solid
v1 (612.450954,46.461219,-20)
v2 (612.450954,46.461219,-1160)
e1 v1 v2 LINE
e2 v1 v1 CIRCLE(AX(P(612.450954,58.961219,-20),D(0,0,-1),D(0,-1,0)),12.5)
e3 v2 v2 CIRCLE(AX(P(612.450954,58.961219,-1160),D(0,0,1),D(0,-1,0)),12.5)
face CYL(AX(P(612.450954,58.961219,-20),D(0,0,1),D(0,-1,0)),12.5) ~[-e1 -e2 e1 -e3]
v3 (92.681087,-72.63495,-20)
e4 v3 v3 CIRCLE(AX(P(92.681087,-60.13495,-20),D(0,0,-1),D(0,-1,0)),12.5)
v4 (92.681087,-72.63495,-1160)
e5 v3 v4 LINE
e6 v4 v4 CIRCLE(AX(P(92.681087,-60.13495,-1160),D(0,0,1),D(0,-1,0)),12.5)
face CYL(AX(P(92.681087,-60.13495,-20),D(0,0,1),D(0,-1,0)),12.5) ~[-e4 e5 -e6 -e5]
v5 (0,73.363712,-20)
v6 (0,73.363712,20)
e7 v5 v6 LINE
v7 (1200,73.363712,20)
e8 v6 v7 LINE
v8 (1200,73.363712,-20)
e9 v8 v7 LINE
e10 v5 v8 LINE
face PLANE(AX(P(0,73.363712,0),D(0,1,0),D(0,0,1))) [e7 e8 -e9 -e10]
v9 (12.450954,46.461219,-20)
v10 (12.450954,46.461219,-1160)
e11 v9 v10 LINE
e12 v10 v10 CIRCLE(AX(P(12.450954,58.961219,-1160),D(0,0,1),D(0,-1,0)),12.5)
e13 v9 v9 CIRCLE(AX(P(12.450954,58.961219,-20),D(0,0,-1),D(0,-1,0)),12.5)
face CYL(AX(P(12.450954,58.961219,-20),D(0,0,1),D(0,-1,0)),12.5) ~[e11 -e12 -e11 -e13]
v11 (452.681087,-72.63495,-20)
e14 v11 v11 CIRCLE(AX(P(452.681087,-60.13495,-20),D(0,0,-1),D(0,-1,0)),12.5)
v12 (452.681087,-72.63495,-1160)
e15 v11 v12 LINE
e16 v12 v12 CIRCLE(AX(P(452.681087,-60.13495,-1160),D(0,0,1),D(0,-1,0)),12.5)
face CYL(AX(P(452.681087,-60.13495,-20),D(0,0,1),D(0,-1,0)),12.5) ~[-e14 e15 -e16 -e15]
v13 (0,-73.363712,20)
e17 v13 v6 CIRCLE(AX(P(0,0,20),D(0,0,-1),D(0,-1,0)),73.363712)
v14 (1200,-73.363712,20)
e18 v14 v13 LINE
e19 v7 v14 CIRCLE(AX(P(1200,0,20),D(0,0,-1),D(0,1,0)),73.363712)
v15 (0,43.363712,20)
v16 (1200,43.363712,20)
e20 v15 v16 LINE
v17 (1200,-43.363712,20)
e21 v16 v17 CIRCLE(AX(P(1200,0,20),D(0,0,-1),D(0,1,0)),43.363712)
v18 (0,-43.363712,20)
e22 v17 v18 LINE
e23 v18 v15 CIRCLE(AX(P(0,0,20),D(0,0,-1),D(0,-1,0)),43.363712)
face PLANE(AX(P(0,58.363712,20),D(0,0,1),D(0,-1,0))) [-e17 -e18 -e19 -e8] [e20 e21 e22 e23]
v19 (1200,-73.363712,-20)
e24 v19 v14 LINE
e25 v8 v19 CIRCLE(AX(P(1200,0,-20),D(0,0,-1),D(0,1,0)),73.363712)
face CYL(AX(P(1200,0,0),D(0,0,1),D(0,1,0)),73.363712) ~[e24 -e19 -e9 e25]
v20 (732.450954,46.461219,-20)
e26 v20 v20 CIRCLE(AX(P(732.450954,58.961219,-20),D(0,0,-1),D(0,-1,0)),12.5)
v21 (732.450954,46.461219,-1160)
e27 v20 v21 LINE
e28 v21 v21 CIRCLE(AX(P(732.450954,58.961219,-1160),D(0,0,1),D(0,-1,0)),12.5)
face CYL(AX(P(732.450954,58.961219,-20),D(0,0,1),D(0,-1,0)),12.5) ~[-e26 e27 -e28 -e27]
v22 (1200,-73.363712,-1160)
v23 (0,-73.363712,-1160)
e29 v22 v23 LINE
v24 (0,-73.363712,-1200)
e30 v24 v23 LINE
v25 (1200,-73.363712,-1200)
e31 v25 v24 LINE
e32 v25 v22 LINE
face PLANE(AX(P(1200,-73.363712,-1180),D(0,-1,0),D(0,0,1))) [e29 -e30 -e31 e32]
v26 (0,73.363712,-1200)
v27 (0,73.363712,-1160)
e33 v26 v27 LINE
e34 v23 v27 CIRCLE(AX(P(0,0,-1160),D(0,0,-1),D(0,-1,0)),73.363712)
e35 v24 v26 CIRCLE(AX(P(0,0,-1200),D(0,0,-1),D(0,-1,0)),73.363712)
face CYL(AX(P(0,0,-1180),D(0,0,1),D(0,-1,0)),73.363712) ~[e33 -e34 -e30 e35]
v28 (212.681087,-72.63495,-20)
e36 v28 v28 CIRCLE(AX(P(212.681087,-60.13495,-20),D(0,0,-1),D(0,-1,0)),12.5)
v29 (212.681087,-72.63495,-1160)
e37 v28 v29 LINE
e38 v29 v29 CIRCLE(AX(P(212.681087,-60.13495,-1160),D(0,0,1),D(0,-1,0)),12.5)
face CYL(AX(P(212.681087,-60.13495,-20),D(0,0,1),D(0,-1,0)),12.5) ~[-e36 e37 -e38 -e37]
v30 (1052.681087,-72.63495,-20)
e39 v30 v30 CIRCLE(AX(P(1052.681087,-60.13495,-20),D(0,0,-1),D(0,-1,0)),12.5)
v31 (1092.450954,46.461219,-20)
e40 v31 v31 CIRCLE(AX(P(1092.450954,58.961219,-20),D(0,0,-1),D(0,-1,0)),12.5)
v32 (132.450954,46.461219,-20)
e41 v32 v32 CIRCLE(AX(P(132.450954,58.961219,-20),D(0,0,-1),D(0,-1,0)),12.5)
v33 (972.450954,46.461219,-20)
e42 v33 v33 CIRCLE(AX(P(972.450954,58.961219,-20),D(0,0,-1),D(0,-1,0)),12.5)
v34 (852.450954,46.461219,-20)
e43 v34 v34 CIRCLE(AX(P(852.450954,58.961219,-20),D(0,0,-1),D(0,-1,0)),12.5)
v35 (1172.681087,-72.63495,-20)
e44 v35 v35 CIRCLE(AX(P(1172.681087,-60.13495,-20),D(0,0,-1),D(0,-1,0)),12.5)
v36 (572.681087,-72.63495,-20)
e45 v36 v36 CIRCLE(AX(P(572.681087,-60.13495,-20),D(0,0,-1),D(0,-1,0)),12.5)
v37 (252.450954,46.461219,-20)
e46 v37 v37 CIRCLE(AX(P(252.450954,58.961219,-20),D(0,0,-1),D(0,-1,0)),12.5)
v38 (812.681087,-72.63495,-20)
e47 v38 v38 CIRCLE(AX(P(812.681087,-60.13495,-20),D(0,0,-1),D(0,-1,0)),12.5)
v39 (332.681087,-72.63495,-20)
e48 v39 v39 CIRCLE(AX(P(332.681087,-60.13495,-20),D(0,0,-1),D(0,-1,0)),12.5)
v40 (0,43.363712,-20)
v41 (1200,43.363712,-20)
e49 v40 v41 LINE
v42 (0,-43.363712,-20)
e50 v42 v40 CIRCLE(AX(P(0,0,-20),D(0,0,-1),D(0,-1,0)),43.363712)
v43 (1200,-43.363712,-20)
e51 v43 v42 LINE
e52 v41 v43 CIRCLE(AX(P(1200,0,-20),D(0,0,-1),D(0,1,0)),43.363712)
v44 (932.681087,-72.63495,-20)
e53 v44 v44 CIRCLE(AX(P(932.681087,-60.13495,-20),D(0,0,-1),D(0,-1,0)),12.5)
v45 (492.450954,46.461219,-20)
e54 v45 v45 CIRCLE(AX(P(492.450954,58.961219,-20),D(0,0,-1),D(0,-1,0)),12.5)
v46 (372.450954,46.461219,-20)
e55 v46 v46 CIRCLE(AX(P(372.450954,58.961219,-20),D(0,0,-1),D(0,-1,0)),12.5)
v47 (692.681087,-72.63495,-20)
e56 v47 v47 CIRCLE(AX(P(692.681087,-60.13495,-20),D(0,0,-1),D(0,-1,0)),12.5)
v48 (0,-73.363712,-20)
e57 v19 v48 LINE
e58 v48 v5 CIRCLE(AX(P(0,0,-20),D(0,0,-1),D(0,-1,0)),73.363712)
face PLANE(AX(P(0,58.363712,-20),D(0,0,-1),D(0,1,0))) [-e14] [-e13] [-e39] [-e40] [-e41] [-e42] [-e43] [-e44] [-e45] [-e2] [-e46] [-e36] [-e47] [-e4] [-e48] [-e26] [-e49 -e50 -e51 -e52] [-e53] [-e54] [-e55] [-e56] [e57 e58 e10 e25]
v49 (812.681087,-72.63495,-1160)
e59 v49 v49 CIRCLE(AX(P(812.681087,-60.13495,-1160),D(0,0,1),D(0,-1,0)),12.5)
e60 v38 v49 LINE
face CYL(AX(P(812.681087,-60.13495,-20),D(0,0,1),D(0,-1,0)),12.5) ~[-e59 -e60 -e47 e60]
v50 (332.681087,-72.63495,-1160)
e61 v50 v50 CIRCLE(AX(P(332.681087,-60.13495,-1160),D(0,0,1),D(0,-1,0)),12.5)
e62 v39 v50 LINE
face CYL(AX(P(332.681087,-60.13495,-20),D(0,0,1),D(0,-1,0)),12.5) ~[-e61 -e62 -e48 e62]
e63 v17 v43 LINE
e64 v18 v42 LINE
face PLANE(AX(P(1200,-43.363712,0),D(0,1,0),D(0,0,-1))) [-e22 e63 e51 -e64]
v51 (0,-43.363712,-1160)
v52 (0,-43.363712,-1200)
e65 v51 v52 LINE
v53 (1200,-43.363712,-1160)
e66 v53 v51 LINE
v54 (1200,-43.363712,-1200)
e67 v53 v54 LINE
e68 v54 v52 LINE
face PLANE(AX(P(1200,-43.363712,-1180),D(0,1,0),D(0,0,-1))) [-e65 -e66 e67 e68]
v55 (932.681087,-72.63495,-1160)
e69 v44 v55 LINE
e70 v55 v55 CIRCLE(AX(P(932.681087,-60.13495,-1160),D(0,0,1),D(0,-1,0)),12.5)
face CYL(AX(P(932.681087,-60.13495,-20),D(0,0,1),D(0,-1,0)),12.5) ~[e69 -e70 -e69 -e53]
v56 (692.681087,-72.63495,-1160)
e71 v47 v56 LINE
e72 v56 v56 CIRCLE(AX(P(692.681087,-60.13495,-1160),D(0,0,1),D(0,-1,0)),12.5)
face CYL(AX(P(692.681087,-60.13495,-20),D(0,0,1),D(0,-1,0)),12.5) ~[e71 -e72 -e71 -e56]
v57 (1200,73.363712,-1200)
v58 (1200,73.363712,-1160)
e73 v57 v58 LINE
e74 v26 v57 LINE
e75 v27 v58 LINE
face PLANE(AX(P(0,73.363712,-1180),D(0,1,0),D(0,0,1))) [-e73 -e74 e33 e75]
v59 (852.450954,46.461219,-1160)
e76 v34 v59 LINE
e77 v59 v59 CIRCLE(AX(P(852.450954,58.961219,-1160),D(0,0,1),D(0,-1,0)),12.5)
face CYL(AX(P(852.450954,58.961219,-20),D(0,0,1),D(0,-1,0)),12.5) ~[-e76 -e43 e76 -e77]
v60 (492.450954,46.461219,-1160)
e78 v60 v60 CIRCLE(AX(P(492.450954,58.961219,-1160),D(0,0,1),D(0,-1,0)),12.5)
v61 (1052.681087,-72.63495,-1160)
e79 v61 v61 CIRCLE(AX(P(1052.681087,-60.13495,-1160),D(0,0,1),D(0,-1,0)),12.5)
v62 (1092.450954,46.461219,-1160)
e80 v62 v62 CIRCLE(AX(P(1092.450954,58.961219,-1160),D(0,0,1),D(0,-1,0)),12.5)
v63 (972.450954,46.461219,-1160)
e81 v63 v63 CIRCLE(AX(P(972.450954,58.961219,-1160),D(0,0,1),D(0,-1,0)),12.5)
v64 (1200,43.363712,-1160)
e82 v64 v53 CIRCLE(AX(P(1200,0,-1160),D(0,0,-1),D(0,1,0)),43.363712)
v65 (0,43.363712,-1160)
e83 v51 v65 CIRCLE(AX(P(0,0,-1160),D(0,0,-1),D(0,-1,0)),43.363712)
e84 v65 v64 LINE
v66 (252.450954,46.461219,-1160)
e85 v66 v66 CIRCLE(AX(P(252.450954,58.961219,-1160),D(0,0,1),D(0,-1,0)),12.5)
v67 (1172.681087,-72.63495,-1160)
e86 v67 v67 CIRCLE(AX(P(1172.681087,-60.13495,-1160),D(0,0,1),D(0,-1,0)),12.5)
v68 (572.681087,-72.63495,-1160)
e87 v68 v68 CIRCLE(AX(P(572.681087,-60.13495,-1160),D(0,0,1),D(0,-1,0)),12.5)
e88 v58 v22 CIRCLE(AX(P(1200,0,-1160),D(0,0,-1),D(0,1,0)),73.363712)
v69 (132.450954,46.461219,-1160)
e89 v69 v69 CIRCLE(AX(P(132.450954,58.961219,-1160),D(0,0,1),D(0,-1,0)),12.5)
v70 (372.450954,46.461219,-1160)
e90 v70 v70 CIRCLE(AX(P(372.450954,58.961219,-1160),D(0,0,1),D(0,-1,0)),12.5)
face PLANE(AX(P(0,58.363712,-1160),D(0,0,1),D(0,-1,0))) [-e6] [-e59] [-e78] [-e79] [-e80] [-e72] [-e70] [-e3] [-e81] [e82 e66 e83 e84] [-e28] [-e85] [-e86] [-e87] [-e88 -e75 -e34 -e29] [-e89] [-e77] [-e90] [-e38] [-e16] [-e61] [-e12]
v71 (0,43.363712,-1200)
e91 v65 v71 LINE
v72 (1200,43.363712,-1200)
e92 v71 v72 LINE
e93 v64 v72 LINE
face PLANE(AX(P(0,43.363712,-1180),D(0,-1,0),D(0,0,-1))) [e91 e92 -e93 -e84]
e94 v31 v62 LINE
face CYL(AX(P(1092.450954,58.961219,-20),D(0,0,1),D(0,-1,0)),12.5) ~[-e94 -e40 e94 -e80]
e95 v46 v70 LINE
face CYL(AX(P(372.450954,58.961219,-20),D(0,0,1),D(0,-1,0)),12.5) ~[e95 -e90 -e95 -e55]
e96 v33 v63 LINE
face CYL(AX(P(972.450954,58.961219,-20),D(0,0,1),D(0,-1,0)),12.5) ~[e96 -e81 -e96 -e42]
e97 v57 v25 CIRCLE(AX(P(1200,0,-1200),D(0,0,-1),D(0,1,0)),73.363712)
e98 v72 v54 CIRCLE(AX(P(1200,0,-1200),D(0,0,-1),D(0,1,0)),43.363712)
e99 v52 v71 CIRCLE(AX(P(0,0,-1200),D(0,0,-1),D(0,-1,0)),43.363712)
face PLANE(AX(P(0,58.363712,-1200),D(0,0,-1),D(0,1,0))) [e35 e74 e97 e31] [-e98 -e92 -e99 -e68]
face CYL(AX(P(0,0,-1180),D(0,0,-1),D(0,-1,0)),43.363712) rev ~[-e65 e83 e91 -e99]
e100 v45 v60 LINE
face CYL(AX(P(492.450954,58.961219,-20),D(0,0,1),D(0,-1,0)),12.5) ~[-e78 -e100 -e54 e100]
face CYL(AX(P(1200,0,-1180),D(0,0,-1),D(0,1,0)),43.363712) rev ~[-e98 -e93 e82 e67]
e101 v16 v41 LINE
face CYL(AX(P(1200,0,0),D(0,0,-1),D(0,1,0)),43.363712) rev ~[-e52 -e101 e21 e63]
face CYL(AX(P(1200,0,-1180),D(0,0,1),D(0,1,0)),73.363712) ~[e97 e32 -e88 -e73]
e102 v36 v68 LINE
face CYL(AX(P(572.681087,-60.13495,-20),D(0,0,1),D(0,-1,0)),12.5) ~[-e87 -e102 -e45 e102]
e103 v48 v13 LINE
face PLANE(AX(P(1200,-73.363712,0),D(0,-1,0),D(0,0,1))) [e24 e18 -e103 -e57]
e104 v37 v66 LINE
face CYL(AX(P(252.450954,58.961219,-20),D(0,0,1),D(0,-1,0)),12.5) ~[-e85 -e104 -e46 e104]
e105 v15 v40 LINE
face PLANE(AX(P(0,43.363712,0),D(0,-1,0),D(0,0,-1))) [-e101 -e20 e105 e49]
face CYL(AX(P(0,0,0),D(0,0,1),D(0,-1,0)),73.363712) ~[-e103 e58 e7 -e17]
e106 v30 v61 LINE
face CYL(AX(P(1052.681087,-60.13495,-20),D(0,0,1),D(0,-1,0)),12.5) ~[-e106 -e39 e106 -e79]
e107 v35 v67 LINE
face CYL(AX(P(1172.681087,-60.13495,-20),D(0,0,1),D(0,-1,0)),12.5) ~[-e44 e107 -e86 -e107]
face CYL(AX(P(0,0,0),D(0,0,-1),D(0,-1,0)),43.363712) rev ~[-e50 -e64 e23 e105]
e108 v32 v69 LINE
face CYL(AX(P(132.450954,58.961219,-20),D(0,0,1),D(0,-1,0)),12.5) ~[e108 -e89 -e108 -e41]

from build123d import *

# Parameters (mm, degrees)
SKETCH3_W           = 40
SKETCH3_H           = 30
SKETCH4_R           = 12.5
BOSS_EXTRUDE1_DEPTH = 1180
LPATTERN1_COUNT     = 10
LPATTERN1_PITCH     = 120
LPATTERN2_COUNT     = 2
LPATTERN2_PITCH     = 1180
SKETCH5_R           = 12.5
BOSS_EXTRUDE2_DEPTH = 1170
LPATTERN3_COUNT     = 10
LPATTERN3_PITCH     = 120


with BuildPart() as part:
    # Sweep1: sweep along a path in Sketch2
    with BuildLine(Plane.XY) as sweep1_path:
        Line((0, 50), (1200, 50))
        ThreePointArc((1200, 50), (1250, 0), (1200, -50))
        Line((1200, -50), (0, -50))
        ThreePointArc((0, -50), (-50, 0), (0, 50))
    # Sketch3 → Sweep1 (sweep)
    with BuildSketch(Plane(origin=(0, 0, 0), x_dir=(0, 0, -1), z_dir=(1, 0, 0))):
        with Locations((0, 58.363712196)):
            Rectangle(SKETCH3_W, SKETCH3_H)
    sweep1 = sweep(path=sweep1_path.line)

    # Sketch4 → Boss-Extrude1 (add)
    with BuildSketch(Plane(origin=(0, 0, -20), x_dir=(-1, 0, 0), z_dir=(0, 0, -1))):
        with Locations(Location((-1092.450954457, 58.961219157, 0), (0, 0, 270))):
            Circle(SKETCH4_R)
    boss_extrude1 = extrude(amount=BOSS_EXTRUDE1_DEPTH)

    # LPattern1: Boss-Extrude1 ×10
    with Locations(*[(-i * LPATTERN1_PITCH, 0, 0) for i in range(1, LPATTERN1_COUNT)]):
        add(boss_extrude1)

    # LPattern2: Sweep1 ×2
    with Locations(*[(0, 0, -i * LPATTERN2_PITCH) for i in range(1, LPATTERN2_COUNT)]):
        add(sweep1)

    # Sketch5 → Boss-Extrude2 (add)
    with BuildSketch(Plane(origin=(0, 0, -20), x_dir=(-1, 0, 0), z_dir=(0, 0, -1))):
        with Locations(Location((-1172.681087279, -60.134950417, 0), (0, 0, 270))):
            Circle(SKETCH5_R)
    boss_extrude2 = extrude(amount=BOSS_EXTRUDE2_DEPTH)

    # LPattern3: Boss-Extrude2 ×10
    with Locations(*[(-i * LPATTERN3_PITCH, 0, 0) for i in range(1, LPATTERN3_COUNT)]):
        add(boss_extrude2)


solid = part.part
